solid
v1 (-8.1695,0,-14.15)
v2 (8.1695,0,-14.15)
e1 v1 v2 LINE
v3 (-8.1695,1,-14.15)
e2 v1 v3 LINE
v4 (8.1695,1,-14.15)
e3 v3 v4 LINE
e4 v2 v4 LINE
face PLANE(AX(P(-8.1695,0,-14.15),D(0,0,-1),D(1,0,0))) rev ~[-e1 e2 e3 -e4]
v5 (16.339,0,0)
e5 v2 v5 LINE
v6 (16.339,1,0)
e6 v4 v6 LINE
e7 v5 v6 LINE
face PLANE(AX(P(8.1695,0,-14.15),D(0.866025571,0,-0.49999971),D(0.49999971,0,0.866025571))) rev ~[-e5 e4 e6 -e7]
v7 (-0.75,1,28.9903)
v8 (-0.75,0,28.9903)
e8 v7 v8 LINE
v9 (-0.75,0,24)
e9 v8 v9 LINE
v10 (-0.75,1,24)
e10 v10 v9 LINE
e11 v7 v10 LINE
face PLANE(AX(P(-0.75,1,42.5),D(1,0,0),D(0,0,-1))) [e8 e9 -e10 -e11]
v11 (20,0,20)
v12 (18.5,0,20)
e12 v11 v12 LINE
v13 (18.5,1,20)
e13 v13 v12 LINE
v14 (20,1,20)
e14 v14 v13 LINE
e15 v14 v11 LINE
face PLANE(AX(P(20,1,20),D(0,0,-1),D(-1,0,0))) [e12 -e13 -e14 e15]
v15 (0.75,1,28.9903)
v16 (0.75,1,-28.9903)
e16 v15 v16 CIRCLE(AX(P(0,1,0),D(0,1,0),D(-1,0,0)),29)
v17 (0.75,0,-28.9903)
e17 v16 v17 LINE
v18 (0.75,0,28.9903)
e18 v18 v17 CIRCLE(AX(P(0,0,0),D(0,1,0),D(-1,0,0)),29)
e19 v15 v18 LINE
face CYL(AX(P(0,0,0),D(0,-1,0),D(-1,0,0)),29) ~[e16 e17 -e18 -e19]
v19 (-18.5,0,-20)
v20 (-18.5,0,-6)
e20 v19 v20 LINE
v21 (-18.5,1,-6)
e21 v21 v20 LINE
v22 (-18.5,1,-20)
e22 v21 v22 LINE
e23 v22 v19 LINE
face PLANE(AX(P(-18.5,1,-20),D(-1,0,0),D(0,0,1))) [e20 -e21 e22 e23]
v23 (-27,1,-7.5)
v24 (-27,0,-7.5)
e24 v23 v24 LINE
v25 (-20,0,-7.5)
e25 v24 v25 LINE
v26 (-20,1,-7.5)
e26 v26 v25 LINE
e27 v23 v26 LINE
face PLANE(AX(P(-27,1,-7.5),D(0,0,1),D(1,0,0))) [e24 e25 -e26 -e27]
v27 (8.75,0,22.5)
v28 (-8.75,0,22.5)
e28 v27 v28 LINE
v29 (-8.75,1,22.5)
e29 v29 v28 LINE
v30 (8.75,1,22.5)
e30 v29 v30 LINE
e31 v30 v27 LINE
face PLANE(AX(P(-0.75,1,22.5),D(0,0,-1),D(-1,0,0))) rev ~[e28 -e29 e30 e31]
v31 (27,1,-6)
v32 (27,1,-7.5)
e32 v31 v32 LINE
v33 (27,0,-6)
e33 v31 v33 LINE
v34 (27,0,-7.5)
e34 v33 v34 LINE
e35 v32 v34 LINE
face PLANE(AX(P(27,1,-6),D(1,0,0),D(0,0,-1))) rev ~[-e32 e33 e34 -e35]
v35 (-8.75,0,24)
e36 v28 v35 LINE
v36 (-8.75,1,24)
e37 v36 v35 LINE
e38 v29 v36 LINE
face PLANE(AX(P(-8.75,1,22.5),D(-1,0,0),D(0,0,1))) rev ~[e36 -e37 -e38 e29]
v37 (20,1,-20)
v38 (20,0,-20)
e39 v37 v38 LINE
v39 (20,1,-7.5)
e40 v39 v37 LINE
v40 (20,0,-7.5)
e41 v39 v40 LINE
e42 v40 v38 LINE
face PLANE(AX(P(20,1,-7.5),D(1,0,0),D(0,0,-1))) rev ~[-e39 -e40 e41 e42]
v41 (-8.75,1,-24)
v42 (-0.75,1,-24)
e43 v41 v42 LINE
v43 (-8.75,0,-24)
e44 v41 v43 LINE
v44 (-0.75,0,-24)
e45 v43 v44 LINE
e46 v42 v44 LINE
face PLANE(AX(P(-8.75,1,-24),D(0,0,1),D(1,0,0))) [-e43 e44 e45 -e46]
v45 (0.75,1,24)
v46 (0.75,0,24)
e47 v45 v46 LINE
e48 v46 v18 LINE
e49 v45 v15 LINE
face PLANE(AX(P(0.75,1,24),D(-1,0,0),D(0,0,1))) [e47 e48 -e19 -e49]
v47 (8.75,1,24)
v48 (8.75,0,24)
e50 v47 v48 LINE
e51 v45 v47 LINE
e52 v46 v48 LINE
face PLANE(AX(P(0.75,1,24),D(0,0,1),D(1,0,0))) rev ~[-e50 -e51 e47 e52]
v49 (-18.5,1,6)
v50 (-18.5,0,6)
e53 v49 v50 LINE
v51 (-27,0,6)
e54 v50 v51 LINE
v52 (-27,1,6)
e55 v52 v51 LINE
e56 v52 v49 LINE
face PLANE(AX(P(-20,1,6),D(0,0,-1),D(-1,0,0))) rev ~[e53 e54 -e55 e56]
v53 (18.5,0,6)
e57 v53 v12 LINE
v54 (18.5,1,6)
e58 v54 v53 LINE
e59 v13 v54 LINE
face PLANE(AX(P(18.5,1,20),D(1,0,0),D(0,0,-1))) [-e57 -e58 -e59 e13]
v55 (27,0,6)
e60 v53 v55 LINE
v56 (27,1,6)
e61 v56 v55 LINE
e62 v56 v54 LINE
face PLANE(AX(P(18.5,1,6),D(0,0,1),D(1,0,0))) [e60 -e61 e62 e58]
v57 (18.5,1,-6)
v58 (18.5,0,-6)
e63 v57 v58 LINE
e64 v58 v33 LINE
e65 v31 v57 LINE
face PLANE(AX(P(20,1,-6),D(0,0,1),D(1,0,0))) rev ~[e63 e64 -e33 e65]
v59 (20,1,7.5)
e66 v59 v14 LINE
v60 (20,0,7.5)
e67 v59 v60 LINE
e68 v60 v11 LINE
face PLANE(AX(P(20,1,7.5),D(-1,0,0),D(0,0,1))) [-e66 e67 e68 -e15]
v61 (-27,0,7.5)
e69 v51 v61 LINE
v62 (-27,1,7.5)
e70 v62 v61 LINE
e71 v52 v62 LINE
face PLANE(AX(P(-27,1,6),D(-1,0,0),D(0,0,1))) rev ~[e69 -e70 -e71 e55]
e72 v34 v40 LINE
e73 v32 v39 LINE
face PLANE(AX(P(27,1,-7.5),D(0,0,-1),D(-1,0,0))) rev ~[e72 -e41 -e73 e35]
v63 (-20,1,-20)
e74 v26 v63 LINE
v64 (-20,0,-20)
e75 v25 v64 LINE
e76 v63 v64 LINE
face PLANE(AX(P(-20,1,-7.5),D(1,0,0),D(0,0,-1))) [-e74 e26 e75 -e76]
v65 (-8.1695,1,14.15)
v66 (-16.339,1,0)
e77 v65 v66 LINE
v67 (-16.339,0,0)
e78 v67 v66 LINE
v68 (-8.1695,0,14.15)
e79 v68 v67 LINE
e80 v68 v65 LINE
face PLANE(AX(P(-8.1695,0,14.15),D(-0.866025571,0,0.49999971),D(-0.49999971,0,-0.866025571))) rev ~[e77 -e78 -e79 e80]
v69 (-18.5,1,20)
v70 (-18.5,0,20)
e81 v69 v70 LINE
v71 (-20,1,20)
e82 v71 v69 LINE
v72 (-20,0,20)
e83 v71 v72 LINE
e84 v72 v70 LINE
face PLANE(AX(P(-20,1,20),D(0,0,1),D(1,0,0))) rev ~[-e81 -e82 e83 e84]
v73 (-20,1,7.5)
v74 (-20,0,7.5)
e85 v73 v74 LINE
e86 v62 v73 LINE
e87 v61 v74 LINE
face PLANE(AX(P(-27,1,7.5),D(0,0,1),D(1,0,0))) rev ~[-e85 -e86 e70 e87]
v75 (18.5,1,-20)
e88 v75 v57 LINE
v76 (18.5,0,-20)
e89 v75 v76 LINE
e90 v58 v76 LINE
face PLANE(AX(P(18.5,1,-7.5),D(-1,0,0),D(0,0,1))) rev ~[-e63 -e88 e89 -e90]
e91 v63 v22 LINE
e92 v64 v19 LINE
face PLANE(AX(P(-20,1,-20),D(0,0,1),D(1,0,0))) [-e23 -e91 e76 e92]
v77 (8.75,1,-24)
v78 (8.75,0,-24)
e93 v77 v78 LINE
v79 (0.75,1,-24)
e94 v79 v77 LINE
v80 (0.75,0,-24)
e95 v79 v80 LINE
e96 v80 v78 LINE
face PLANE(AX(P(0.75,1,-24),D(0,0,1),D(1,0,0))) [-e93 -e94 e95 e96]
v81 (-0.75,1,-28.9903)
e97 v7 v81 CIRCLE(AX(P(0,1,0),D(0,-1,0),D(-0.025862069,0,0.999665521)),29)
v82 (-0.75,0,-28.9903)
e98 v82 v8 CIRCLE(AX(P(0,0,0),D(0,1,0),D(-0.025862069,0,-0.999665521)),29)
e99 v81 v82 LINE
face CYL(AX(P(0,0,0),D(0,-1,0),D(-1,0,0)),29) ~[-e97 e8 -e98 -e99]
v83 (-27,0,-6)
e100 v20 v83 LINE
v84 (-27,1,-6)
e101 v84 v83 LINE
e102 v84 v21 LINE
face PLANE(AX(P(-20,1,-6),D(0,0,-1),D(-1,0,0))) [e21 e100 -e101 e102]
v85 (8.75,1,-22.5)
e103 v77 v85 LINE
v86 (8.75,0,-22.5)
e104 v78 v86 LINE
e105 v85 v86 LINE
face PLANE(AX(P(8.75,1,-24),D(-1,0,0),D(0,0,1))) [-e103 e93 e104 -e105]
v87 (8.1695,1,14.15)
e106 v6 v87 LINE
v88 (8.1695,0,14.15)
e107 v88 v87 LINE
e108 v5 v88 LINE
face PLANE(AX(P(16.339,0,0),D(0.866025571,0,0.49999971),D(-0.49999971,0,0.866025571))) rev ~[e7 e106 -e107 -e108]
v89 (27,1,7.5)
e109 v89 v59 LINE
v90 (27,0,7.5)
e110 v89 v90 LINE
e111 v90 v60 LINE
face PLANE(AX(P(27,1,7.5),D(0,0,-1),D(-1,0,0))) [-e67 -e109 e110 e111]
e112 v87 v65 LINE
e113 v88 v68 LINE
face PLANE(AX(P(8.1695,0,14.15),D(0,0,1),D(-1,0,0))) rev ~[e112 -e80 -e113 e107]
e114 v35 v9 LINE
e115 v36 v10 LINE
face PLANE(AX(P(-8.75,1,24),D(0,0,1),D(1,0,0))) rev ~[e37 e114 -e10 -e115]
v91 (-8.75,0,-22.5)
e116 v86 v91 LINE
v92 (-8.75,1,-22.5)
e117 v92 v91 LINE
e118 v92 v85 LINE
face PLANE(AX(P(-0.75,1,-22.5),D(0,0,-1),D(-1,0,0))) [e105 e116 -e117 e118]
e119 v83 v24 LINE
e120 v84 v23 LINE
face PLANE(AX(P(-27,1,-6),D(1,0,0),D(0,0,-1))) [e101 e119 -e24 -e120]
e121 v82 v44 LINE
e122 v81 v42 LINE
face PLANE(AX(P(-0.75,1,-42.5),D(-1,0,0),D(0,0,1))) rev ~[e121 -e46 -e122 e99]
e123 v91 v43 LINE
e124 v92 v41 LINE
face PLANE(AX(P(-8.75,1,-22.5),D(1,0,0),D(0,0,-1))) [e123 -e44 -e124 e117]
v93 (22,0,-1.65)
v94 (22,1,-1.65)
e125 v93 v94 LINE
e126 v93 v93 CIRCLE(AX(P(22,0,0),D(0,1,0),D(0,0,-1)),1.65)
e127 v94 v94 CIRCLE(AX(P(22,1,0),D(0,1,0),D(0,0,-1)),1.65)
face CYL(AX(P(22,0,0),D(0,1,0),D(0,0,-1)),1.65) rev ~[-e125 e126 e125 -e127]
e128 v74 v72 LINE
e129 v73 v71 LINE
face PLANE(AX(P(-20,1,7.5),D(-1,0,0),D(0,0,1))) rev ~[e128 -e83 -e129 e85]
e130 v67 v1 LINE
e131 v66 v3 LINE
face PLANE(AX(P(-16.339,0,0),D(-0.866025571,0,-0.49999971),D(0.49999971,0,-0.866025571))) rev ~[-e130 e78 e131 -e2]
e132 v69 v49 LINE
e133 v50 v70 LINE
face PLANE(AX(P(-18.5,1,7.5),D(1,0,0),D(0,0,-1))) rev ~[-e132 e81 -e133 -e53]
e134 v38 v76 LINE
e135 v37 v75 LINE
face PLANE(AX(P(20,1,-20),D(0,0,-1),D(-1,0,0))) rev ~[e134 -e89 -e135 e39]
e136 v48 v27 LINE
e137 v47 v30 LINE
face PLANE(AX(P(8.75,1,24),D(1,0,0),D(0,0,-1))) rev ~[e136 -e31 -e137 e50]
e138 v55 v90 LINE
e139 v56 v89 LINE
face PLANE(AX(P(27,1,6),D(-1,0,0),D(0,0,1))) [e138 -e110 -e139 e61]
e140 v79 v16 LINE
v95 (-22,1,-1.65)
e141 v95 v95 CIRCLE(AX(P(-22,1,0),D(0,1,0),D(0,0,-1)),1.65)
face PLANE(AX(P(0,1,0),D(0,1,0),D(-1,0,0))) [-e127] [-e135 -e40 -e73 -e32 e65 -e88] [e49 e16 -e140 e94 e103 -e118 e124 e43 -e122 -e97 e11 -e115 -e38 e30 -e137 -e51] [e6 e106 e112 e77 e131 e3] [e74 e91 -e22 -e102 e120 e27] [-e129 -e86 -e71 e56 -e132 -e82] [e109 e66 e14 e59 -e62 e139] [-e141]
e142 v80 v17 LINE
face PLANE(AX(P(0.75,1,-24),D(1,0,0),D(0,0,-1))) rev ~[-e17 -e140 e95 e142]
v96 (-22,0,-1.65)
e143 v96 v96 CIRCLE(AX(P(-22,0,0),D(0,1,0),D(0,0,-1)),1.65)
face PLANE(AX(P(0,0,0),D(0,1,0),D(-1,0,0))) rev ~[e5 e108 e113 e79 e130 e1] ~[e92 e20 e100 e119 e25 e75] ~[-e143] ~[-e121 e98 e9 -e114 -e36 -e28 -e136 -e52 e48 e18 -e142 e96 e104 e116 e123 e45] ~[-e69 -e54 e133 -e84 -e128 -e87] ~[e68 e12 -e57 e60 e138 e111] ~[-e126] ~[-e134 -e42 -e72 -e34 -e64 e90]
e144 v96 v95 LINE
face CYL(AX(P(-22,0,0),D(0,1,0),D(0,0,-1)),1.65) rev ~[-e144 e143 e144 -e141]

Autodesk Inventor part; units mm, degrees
ref_plane "YZ Plane" through (0, 0, 0) normal (1, 0, 0) x (0, 1, 0)
ref_plane "XZ Plane" through (0, 0, 0) normal (0, 1, 0) x (-1, 0, 0)
ref_plane "XY Plane" through (0, 0, 0) normal (0, 0, 1) x (1, 0, 0)
sketch "Sketch1" plane through (0, 0, 0) normal (0, 1, 0) x (-1, 0, 0)
  circle A0 centre (0, 0) radius 29
  line L0 (-8.1695, -14.15) -> (-16.339, 0)
  line L1 (-16.339, 0) -> (-8.1695, 14.15)
  line L2 (-8.1695, 14.15) -> (8.1695, 14.15)
  line L3 (8.1695, 14.15) -> (16.339, 0)
  line L4 (16.339, 0) -> (8.1695, -14.15)
  line L5 (8.1695, -14.15) -> (-8.1695, -14.15)
  dimension "d0" = 58
  dimension "d1" = 28.3
extrude "Plate1" add sketch "Sketch1" along normal blind 1
sketch "Sketch2" plane through (0, 0, 0) normal (0, 1, 0) x (-1, 0, 0)
  point P0 (0, 0)
  point P1 (22, 0)
  point P2 (-22, 0)
  dimension "d3" = 22
  dimension "d4" = 22
hole "Hole1" at (-22, 0, 0) at (22, 0, 0) direction (0, 1, 0) diameter 3.3 end through all
sketch "Sketch3" plane through (0, 1, 0) normal (0, 1, 0) x (1, 0, 0)
  line L0 (0, 0) -> (8.5176, 0)
  line L1 (0, 0) -> (0, 7.5276)
  line L2 (-8.75, 24) -> (8.75, 24)
  line L3 (8.75, 24) -> (8.75, 22.5)
  line L4 (8.75, 22.5) -> (-8.75, 22.5)
  line L5 (-8.75, 22.5) -> (-8.75, 24)
  line L6 (0.75, 42.5) -> (-0.75, 42.5)
  line L7 (-0.75, 42.5) -> (-0.75, 22.5)
  line L8 (-0.75, 22.5) -> (0.75, 22.5)
  line L9 (0.75, 22.5) -> (0.75, 42.5)
  line L10 (-8.75, -24) -> (8.75, -24)
  line L11 (8.75, -24) -> (8.75, -22.5)
  line L12 (8.75, -22.5) -> (-8.75, -22.5)
  line L13 (-8.75, -22.5) -> (-8.75, -24)
  line L14 (0.75, -42.5) -> (-0.75, -42.5)
  line L15 (-0.75, -42.5) -> (-0.75, -22.5)
  line L16 (-0.75, -22.5) -> (0.75, -22.5)
  line L17 (0.75, -22.5) -> (0.75, -42.5)
  line L18 (-27, 7.5) -> (-18.5, 7.5)
  line L19 (-18.5, 7.5) -> (-18.5, 6)
  line L20 (-18.5, 6) -> (-27, 6)
  line L21 (-27, 6) -> (-27, 7.5)
  line L22 (-18.5, 6) -> (-20, 6)
  line L23 (-20, 6) -> (-20, 20)
  line L24 (-20, 20) -> (-18.5, 20)
  line L25 (-18.5, 20) -> (-18.5, 6)
  line L26 (27, 7.5) -> (18.5, 7.5)
  line L27 (18.5, 7.5) -> (18.5, 6)
  line L28 (18.5, 6) -> (27, 6)
  line L29 (27, 6) -> (27, 7.5)
  line L30 (18.5, 6) -> (20, 6)
  line L31 (20, 6) -> (20, 20)
  line L32 (20, 20) -> (18.5, 20)
  line L33 (18.5, 20) -> (18.5, 6)
  line L34 (-27, -7.5) -> (-18.5, -7.5)
  line L35 (-18.5, -7.5) -> (-18.5, -6)
  line L36 (-18.5, -6) -> (-27, -6)
  line L37 (-27, -6) -> (-27, -7.5)
  line L38 (-18.5, -6) -> (-20, -6)
  line L39 (-20, -6) -> (-20, -20)
  line L40 (-20, -20) -> (-18.5, -20)
  line L41 (-18.5, -20) -> (-18.5, -6)
  line L42 (18.5, -20) -> (18.5, -6)
  line L43 (20, -6) -> (20, -20)
  line L44 (20, -20) -> (18.5, -20)
  line L45 (18.5, -7.5) -> (18.5, -6)
  line L46 (18.5, -6) -> (20, -6)
  line L47 (27, -6) -> (27, -7.5)
  line L48 (27, -7.5) -> (18.5, -7.5)
  line L49 (18.5, -6) -> (27, -6)
  point P0 (0, 22.5)
  point P1 (0, -22.5)
  dimension "d12" = 1.5
  dimension "d13" = 1.5
  dimension "d14" = 22.5
  dimension "d15" = 17.5
  dimension "d16" = 20
  dimension "d17" = 1.5
  dimension "d18" = 1.5
  dimension "d19" = 8.5
  dimension "d20" = 14
  dimension "d21" = 6
  dimension "d22" = 18.5
extrude "Cut1" cut sketch "Sketch3" against normal blind 1
equation "\"d10\" = Thickness"
equation "\"d23\" = Thickness"
equation "\"BendRadius\" = Thickness"
equation "\"BendReliefWidth\" = Thickness"
equation "\"BendReliefDepth\" = 0.5 * Thickness"
equation "\"CornerReliefSize\" = 4 * Thickness"
equation "\"MinimumRemnant\" = 2 * Thickness"
equation "\"TransitionRadius\" = BendRadius"
equation "\"JacobiRadiusSize\" = BendRadius"
equation "\"GapSize\" = Thickness"
equation "\"d2\" = BendRadius"
equation "\"Thickness\" = 1"
properties part number "Luxcan centrador lente 38"
